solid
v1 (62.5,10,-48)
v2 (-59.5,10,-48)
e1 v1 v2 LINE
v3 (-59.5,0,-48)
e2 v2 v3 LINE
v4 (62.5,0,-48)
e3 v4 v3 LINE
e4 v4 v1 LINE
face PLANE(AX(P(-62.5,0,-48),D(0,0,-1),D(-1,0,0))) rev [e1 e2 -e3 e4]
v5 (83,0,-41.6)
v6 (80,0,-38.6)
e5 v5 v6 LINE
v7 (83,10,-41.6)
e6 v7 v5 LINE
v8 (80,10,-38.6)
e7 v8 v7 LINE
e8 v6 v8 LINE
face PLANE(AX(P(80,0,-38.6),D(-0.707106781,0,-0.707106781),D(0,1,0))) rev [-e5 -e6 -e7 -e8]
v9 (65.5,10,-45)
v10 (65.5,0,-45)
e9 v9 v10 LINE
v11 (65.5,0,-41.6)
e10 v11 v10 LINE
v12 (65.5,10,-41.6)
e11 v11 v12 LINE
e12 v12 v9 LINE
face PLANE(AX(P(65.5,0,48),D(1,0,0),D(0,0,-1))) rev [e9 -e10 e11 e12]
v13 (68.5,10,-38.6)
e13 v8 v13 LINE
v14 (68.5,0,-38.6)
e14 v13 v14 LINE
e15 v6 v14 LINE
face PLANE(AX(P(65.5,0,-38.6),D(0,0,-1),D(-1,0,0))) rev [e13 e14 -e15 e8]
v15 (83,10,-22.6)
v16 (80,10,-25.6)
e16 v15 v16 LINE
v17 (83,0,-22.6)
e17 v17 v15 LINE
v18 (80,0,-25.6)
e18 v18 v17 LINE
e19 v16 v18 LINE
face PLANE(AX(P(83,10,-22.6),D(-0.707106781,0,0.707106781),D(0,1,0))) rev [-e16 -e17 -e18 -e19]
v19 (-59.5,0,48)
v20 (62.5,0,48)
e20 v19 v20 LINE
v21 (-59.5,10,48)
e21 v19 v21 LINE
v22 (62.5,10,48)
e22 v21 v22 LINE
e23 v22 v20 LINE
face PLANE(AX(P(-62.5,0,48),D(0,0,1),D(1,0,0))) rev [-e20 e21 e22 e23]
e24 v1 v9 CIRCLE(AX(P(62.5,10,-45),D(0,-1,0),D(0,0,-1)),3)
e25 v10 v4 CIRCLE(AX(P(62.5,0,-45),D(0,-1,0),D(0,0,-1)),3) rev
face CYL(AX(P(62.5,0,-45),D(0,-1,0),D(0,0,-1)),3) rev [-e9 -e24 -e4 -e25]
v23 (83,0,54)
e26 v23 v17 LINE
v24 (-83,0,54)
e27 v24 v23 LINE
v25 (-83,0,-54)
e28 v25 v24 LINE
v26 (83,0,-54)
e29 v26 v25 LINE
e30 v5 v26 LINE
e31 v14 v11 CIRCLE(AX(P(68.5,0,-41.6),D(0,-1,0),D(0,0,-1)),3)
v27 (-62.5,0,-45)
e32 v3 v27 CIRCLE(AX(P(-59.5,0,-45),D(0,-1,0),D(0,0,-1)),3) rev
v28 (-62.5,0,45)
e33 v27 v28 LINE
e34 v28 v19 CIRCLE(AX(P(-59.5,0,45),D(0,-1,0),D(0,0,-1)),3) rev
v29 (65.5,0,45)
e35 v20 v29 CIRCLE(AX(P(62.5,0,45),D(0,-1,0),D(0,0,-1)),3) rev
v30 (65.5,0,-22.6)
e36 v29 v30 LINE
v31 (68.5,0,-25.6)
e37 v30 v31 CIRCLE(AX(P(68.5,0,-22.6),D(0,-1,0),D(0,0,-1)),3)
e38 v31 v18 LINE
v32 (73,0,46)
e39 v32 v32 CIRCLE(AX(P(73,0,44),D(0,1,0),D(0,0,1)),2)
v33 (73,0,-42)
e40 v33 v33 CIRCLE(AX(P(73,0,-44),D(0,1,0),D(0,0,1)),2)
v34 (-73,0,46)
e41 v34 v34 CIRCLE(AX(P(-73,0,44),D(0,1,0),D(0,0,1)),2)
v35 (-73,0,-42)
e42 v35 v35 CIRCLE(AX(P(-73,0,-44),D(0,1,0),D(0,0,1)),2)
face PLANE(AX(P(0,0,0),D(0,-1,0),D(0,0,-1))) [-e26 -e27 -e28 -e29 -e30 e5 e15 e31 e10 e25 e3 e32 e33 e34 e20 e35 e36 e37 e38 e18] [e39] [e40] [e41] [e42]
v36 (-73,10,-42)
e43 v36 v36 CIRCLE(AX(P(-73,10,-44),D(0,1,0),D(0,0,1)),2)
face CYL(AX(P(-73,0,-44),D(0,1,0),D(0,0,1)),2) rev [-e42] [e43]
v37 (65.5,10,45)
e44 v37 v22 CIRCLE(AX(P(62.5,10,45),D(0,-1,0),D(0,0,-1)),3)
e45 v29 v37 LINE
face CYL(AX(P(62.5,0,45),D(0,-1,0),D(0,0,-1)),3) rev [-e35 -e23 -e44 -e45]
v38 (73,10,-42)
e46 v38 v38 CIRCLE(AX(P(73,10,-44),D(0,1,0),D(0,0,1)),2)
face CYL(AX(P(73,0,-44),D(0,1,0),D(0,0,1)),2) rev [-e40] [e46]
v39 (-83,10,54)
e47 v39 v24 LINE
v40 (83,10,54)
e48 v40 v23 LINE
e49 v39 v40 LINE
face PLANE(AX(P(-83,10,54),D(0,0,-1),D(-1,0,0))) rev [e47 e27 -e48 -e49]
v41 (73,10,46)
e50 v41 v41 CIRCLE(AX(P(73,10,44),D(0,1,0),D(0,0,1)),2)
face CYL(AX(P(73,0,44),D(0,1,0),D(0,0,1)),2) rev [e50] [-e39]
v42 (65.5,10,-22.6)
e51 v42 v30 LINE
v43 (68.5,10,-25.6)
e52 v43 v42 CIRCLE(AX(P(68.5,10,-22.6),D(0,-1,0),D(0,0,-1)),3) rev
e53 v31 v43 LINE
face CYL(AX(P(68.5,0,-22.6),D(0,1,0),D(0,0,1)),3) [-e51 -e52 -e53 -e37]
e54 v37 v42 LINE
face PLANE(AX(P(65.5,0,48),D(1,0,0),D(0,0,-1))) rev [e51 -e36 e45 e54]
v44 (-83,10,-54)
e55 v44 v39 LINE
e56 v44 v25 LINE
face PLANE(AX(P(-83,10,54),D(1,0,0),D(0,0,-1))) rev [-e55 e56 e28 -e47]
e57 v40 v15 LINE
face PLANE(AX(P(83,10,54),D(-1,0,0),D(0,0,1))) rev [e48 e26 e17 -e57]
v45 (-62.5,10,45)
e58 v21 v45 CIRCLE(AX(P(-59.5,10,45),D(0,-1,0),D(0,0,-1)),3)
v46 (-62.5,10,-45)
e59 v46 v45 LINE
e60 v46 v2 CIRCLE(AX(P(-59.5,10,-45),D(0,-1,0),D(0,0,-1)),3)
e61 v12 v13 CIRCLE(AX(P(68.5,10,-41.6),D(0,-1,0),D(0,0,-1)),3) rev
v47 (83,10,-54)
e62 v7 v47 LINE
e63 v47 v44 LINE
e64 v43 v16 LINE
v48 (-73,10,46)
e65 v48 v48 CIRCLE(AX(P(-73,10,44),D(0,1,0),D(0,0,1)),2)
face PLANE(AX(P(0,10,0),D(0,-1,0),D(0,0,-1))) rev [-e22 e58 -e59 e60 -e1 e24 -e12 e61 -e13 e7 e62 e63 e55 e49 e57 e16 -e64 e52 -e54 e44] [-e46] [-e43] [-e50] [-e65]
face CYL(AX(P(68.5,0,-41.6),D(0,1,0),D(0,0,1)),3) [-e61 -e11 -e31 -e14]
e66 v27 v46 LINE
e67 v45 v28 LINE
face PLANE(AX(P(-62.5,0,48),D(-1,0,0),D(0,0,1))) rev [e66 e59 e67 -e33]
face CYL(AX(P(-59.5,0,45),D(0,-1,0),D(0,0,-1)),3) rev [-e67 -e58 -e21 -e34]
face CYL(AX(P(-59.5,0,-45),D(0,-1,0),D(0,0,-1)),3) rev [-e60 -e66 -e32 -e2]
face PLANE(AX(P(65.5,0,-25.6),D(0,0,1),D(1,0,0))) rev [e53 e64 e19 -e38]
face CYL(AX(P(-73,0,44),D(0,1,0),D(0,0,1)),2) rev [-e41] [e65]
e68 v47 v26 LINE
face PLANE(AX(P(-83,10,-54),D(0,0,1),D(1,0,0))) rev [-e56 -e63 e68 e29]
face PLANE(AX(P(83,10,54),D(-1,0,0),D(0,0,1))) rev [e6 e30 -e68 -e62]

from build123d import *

# Parameters (mm, degrees)
SKETCH_1_W             = 166
SKETCH_1_H             = 108
EXTRUDE_1_DEPTH        = 10
SKETCH_2_R             = 2
CUT_EXTRUDE_834_DEPTH  = 11
SKETCH_4_W             = 128
SKETCH_4_H             = 96
CUT_EXTRUDE_1103_DEPTH = 11
SKETCH_5_W             = 17.5
SKETCH_5_H             = 13
USB_DEPTH              = 11
FILLET_1_R             = 3
CHAMFER_1_SIZE         = 3
FILLET_2_R             = 3


with BuildPart() as part:
    # Эскиз1 → Бобышка-Вытянуть1 (new body)
    with BuildSketch(Plane(origin=(0, 0, 0), x_dir=(1, 0, 0), z_dir=(0, 1, 0))):
        Rectangle(SKETCH_1_W, SKETCH_1_H)
    extrude(amount=EXTRUDE_1_DEPTH)

    # Эскиз2 → Cut-Extrude 834 (cut, through all)
    with BuildSketch(Plane(origin=(0, 10, 0), x_dir=(1, 0, 0), z_dir=(0, 1, 0))):
        with Locations((-73, 44)):
            Circle(SKETCH_2_R)
        with Locations((73, 44)):
            Circle(SKETCH_2_R)
        with Locations((-73, -44)):
            Circle(SKETCH_2_R)
        with Locations((73, -44)):
            Circle(SKETCH_2_R)
    extrude(amount=-CUT_EXTRUDE_834_DEPTH, mode=Mode.SUBTRACT)

    # Эскиз4 → Cut-Extrude 1103 (cut, through all)
    with BuildSketch(Plane(origin=(0, 10, 0), x_dir=(1, 0, 0), z_dir=(0, 1, 0))):
        with Locations((1.5, 0)):
            Rectangle(SKETCH_4_W, SKETCH_4_H)
    extrude(amount=-CUT_EXTRUDE_1103_DEPTH, mode=Mode.SUBTRACT)

    # Эскиз5 → usb (cut, through all)
    with BuildSketch(Plane(origin=(0, 10, 0), x_dir=(1, 0, 0), z_dir=(0, 1, 0))):
        with Locations((74.25, 32.1)):
            Rectangle(SKETCH_5_W, SKETCH_5_H)
    extrude(amount=-USB_DEPTH, mode=Mode.SUBTRACT)

    # Скругление1
    fillet_1_edges = [part.edges().sort_by_distance(p)[0] for p in [
        (65.5, 5, -48),
        (65.5, 5, 48),
        (-62.5, 5, 48),
        (-62.5, 5, -48),
    ]]
    fillet(fillet_1_edges, radius=FILLET_1_R)

    # Фаска1
    chamfer_1_edges = [part.edges().sort_by_distance(p)[0] for p in [
        (83, 5, -38.6),
        (83, 5, -25.6),
    ]]
    chamfer(chamfer_1_edges, length=CHAMFER_1_SIZE)

    # Скругление2
    fillet_2_edges = [part.edges().sort_by_distance(p)[0] for p in [
        (65.5, 5, -25.6),
        (65.5, 5, -38.6),
    ]]
    fillet(fillet_2_edges, radius=FILLET_2_R)


solid = part.part
